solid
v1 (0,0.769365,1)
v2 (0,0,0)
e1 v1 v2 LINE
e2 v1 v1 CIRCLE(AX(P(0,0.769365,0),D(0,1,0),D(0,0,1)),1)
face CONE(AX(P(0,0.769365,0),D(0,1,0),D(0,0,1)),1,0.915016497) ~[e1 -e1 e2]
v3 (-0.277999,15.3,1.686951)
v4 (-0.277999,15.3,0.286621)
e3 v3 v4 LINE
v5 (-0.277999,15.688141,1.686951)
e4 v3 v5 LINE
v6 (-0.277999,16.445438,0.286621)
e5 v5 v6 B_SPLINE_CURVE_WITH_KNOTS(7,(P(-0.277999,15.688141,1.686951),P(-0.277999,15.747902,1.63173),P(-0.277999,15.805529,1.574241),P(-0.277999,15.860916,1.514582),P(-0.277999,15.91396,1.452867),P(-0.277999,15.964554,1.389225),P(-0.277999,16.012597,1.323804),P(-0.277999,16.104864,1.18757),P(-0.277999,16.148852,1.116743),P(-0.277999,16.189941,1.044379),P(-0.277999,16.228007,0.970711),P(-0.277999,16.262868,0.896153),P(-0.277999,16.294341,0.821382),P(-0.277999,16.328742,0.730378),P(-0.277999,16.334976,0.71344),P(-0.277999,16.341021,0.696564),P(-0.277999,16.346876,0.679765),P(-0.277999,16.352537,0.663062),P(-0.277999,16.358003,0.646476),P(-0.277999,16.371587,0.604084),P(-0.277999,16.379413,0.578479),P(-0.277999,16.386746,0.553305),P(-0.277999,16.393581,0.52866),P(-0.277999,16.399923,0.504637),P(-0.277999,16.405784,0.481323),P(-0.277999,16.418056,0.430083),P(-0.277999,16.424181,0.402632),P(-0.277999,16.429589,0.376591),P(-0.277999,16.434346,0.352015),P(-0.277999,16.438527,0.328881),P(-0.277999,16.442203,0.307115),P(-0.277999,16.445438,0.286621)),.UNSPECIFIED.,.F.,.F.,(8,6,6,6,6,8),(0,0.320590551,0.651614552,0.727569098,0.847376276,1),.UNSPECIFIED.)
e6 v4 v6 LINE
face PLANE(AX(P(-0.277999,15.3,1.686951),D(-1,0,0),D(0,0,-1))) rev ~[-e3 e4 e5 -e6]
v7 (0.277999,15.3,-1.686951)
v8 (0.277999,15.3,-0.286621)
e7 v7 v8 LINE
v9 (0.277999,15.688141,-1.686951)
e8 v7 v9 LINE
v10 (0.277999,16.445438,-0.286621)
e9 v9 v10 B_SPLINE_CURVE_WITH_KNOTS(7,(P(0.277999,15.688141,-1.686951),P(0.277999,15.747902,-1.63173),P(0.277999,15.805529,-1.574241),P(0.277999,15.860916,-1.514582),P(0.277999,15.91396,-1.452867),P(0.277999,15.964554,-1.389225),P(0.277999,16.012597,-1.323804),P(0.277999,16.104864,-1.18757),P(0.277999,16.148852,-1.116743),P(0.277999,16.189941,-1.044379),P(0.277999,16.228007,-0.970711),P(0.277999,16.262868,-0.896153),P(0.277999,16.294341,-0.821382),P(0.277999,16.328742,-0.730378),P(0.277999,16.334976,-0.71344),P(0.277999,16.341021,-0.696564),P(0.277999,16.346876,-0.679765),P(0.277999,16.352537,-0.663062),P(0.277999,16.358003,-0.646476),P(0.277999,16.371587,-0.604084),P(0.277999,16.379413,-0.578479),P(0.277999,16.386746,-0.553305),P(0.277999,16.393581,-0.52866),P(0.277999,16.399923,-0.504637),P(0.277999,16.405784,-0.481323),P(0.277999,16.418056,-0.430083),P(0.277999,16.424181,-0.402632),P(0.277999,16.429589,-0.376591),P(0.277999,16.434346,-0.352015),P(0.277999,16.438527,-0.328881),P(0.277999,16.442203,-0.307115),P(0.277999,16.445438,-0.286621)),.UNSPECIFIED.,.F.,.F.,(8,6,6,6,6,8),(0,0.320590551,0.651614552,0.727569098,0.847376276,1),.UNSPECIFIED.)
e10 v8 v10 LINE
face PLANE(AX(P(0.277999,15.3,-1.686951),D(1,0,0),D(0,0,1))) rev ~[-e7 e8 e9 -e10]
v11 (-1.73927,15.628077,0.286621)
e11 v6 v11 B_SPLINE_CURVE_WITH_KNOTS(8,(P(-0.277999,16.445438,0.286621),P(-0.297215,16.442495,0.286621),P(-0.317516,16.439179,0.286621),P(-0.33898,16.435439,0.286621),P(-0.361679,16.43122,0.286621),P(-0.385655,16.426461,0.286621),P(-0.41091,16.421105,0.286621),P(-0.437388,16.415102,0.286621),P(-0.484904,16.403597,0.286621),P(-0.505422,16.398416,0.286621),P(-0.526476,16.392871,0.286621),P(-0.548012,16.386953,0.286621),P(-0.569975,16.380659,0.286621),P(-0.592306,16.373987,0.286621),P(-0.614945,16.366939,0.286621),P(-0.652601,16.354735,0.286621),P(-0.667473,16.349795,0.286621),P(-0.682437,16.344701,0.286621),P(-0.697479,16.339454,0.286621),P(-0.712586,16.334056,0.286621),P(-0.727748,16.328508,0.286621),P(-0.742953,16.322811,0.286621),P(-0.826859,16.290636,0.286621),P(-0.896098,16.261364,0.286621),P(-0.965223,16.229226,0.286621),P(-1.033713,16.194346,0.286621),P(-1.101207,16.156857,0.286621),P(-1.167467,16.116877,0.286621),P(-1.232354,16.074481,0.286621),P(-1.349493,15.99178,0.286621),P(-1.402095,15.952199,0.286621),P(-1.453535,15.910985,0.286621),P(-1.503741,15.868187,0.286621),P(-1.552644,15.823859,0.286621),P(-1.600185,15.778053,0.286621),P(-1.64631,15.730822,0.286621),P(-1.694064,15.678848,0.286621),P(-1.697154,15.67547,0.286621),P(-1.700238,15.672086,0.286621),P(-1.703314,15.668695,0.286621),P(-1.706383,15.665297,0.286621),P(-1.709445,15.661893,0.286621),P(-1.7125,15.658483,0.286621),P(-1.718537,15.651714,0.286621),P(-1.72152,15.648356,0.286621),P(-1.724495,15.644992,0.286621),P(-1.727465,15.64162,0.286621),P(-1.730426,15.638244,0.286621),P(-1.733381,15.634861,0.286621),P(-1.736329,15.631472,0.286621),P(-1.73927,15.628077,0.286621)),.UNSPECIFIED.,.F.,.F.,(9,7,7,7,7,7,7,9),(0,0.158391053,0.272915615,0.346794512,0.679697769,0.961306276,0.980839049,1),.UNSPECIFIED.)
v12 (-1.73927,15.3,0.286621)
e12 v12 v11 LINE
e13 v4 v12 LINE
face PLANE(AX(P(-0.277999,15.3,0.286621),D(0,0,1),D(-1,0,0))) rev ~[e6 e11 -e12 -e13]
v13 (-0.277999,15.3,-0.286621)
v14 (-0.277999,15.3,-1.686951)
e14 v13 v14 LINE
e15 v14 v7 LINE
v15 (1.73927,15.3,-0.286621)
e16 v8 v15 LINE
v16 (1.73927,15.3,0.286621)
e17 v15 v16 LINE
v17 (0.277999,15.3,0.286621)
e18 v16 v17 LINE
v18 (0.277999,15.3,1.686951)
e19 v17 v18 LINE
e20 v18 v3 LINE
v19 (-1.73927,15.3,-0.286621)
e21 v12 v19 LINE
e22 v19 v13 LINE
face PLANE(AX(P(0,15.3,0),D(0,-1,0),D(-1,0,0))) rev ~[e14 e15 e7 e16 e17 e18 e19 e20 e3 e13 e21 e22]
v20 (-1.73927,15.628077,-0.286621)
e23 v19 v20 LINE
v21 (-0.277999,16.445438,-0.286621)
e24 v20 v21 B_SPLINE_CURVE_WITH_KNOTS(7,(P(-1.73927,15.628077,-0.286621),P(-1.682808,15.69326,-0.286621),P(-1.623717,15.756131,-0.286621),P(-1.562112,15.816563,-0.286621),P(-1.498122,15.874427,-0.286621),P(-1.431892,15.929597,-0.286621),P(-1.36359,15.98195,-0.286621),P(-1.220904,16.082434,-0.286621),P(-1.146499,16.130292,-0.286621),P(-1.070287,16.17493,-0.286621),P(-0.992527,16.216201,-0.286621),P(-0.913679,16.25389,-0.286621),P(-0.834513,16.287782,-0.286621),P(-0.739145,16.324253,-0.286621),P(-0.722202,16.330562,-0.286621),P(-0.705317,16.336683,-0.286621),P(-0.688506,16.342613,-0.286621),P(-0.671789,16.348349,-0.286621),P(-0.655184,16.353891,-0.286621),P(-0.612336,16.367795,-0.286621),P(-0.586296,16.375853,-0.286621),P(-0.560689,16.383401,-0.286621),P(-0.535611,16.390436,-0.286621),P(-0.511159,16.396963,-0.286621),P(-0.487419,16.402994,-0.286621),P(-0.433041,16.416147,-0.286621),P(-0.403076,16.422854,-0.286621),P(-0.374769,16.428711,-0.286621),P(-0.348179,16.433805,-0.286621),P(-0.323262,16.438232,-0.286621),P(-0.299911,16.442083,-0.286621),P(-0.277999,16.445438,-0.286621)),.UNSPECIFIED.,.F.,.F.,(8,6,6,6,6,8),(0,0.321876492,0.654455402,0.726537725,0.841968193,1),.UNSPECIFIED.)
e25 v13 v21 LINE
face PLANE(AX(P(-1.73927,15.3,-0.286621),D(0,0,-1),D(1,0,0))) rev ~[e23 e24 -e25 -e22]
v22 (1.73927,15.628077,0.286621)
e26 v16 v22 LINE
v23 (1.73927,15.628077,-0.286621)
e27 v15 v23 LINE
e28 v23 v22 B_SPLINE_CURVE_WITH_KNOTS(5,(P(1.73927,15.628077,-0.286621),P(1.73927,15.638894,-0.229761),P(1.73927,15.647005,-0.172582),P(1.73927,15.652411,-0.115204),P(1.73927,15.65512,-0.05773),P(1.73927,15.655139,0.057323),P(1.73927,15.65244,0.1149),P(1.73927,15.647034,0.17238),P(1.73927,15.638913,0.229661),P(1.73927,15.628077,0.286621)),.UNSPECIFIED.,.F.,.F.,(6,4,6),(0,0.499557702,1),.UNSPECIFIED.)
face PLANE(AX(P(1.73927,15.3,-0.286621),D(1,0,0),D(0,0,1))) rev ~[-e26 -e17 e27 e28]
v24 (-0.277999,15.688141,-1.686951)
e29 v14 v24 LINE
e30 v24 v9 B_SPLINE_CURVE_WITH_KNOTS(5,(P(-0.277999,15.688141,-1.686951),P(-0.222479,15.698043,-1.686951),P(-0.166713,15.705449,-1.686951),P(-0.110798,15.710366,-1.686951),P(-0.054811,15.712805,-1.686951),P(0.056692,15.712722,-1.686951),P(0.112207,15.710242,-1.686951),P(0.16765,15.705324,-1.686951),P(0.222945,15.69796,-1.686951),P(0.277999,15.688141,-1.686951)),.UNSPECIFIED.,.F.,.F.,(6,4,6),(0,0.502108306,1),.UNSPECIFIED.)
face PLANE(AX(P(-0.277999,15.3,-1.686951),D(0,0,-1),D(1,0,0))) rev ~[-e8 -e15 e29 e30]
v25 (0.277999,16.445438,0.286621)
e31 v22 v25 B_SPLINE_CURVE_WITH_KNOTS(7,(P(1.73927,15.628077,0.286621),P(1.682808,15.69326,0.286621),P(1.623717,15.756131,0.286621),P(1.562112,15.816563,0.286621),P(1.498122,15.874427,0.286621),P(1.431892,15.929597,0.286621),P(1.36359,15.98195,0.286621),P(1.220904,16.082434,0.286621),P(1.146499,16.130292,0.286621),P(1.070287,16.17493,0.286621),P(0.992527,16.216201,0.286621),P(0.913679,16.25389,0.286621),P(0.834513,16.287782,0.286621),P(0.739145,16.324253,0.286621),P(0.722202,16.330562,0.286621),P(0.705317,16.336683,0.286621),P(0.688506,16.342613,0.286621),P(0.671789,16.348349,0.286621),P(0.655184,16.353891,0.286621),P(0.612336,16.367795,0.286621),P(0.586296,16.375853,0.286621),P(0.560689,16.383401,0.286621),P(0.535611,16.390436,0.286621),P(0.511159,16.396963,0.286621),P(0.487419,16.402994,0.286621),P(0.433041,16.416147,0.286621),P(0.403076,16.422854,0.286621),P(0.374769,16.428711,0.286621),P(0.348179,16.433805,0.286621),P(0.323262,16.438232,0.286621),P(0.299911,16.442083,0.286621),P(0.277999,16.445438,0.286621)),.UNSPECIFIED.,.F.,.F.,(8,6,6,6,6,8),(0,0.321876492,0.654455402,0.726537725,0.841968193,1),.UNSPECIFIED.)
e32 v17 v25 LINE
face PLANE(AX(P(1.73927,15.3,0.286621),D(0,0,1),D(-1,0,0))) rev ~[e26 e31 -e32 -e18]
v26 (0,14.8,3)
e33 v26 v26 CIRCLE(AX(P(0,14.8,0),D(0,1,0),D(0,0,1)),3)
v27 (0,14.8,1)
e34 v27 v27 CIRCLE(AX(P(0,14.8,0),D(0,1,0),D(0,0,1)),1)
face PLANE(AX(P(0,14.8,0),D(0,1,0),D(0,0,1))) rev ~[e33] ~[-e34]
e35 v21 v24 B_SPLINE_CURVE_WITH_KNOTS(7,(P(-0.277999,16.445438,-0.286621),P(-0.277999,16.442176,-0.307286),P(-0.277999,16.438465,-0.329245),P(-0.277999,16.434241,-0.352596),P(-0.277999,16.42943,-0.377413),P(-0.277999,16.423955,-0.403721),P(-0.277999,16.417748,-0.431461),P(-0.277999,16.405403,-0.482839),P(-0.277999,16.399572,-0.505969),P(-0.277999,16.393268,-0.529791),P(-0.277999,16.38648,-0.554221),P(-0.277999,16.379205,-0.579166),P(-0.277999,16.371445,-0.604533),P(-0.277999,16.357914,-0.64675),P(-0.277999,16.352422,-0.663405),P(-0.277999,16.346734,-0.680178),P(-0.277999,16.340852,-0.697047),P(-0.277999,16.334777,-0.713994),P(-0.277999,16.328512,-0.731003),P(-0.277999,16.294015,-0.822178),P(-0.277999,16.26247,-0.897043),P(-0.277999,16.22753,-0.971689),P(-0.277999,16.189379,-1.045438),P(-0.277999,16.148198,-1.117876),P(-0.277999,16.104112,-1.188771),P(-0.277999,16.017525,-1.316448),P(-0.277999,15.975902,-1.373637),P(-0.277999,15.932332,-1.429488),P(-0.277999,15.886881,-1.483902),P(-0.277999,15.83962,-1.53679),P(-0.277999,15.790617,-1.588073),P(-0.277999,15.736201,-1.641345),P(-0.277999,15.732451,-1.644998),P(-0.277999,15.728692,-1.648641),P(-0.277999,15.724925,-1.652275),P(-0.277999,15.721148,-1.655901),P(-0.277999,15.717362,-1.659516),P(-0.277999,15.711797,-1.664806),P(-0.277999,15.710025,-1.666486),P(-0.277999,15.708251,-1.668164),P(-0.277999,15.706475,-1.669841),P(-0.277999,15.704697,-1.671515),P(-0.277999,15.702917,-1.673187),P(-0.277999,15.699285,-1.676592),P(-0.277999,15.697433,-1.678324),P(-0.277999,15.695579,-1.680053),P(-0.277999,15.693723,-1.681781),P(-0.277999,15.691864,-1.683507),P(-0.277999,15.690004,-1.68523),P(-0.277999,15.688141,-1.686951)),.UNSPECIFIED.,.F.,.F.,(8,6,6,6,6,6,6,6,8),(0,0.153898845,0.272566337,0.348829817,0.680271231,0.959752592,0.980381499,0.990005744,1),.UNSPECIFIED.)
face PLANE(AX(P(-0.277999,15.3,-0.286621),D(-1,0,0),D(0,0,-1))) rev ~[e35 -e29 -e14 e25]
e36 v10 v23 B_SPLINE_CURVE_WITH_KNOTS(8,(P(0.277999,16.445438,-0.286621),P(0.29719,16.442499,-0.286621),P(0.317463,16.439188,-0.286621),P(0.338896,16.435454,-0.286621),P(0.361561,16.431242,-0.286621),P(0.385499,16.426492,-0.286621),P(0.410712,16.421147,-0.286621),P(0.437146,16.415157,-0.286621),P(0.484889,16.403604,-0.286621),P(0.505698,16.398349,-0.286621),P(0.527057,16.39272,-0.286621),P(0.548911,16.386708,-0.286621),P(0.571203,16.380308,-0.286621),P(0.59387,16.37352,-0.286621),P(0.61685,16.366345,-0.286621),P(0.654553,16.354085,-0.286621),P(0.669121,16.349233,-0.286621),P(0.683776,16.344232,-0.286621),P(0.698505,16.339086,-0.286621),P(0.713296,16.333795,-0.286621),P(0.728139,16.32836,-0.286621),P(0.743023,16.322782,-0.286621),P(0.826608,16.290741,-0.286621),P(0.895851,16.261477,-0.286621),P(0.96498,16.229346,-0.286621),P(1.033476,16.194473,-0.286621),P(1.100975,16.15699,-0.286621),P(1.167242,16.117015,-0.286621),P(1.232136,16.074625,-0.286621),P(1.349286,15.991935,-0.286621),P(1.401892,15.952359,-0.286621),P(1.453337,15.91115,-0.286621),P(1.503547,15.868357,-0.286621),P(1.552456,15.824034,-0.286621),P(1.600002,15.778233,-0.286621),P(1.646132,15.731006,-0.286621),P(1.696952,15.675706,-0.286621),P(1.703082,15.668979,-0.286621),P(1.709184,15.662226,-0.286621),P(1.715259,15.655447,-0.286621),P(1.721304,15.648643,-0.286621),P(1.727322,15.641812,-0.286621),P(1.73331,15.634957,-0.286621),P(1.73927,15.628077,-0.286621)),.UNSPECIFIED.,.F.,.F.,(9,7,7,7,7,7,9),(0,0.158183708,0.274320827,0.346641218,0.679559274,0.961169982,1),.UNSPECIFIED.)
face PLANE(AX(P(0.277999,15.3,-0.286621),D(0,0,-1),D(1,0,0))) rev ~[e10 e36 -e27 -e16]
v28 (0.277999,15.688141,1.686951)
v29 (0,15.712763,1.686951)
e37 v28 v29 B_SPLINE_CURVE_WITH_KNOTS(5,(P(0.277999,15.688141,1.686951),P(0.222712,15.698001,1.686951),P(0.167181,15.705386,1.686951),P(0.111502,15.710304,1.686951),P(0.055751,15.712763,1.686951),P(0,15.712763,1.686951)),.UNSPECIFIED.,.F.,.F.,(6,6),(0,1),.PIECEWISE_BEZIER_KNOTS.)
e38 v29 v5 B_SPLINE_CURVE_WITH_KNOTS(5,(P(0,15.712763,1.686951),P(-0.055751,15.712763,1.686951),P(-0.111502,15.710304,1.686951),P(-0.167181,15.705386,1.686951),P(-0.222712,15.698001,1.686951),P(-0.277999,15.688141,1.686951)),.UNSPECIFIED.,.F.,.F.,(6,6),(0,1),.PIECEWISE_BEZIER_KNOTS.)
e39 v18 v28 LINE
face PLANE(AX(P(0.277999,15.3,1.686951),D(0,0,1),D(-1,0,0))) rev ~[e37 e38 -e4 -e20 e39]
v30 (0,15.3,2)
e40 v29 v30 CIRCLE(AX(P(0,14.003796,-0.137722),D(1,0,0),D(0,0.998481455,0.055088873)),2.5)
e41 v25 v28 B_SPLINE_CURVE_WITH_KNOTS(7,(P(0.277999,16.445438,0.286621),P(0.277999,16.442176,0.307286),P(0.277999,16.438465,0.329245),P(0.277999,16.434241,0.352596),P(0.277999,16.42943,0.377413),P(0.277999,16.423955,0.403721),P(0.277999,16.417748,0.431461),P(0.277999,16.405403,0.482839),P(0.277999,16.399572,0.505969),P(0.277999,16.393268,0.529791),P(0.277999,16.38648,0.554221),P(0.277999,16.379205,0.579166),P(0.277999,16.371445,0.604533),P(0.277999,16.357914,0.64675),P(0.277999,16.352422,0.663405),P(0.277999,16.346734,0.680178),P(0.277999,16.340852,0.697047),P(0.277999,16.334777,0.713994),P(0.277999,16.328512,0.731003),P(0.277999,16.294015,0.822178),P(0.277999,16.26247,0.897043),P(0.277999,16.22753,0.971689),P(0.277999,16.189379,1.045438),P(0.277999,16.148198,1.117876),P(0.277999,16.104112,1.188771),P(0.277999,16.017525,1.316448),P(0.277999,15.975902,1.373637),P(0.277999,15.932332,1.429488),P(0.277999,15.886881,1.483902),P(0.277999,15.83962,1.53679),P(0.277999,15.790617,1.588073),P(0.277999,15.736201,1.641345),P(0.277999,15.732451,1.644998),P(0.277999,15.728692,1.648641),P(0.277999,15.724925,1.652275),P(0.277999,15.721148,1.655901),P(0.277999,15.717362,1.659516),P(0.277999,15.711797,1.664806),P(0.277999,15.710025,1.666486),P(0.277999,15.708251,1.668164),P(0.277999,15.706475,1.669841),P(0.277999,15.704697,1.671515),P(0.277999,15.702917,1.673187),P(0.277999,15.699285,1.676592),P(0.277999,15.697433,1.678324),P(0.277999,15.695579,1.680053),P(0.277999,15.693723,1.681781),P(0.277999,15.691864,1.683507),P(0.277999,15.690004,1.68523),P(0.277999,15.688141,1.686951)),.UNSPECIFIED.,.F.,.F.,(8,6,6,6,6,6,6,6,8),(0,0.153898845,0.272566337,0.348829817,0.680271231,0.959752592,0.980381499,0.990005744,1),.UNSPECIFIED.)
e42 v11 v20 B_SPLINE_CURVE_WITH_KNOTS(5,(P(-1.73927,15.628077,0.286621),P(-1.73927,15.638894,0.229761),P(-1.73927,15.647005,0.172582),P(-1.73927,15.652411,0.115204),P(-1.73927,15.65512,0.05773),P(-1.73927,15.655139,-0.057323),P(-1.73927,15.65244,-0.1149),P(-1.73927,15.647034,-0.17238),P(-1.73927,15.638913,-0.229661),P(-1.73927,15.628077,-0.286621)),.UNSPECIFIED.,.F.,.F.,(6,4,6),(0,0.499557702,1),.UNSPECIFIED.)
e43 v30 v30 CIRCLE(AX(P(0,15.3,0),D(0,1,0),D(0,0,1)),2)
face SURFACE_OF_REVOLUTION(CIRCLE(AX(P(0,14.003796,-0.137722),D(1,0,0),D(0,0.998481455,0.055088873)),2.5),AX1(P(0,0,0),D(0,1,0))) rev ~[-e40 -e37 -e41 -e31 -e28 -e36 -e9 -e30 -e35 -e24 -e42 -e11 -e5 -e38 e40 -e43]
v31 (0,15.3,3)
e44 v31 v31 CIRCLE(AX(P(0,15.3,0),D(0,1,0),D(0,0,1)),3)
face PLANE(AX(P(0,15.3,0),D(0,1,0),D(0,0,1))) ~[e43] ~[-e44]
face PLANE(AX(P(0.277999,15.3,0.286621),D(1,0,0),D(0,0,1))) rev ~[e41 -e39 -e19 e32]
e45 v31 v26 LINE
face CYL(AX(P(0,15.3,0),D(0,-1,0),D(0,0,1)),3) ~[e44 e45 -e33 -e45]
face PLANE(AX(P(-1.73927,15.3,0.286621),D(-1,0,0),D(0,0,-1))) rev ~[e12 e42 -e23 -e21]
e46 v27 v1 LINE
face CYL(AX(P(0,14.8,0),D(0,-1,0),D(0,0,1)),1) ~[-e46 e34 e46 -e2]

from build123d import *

# Parameters (mm, degrees)
CUT_EXTRUDE1_DEPTH = 10


with BuildPart() as part:
    # Sketch1 → Revolve1 (revolve)
    with BuildSketch(Plane(origin=(0, 0, 0), x_dir=(0, 0, -1), z_dir=(1, 0, 0))):
        with BuildLine():
            Line((0, 0), (0, 16.5))
            ThreePointArc((0, 16.5), (-1.148517206, 16.147528677), (-2, 15.3))
            Line((-2, 15.3), (-3, 15.3))
            Line((-3, 15.3), (-3, 14.8))
            Line((-3, 14.8), (-1, 14.8))
            Line((-1, 14.8), (-1, 0.769364806))
            Line((-1, 0.769364806), (0, 0))
        make_face()
    revolve(axis=Axis((0, 0, 0), (0, 1, 0)))

    # Sketch2 → Cut-Extrude1 (cut)
    with BuildSketch(Plane(origin=(0, 15.3, 0), x_dir=(1, 0, 0), z_dir=(0, 1, 0))):
        Polygon((0.277999407, -1.686950947), (-0.277999407, -1.686950947), (-0.277999407, -0.28662128), (-1.73927004, -0.28662128), (-1.73927004, 0.28662128), (-0.277999407, 0.28662128), (-0.277999407, 1.686950947), (0.277999407, 1.686950947), (0.277999407, 0.28662128), (1.73927004, 0.28662128), (1.73927004, -0.28662128), (0.277999407, -0.28662128), align=None)
    extrude(amount=CUT_EXTRUDE1_DEPTH, mode=Mode.SUBTRACT)


solid = part.part
